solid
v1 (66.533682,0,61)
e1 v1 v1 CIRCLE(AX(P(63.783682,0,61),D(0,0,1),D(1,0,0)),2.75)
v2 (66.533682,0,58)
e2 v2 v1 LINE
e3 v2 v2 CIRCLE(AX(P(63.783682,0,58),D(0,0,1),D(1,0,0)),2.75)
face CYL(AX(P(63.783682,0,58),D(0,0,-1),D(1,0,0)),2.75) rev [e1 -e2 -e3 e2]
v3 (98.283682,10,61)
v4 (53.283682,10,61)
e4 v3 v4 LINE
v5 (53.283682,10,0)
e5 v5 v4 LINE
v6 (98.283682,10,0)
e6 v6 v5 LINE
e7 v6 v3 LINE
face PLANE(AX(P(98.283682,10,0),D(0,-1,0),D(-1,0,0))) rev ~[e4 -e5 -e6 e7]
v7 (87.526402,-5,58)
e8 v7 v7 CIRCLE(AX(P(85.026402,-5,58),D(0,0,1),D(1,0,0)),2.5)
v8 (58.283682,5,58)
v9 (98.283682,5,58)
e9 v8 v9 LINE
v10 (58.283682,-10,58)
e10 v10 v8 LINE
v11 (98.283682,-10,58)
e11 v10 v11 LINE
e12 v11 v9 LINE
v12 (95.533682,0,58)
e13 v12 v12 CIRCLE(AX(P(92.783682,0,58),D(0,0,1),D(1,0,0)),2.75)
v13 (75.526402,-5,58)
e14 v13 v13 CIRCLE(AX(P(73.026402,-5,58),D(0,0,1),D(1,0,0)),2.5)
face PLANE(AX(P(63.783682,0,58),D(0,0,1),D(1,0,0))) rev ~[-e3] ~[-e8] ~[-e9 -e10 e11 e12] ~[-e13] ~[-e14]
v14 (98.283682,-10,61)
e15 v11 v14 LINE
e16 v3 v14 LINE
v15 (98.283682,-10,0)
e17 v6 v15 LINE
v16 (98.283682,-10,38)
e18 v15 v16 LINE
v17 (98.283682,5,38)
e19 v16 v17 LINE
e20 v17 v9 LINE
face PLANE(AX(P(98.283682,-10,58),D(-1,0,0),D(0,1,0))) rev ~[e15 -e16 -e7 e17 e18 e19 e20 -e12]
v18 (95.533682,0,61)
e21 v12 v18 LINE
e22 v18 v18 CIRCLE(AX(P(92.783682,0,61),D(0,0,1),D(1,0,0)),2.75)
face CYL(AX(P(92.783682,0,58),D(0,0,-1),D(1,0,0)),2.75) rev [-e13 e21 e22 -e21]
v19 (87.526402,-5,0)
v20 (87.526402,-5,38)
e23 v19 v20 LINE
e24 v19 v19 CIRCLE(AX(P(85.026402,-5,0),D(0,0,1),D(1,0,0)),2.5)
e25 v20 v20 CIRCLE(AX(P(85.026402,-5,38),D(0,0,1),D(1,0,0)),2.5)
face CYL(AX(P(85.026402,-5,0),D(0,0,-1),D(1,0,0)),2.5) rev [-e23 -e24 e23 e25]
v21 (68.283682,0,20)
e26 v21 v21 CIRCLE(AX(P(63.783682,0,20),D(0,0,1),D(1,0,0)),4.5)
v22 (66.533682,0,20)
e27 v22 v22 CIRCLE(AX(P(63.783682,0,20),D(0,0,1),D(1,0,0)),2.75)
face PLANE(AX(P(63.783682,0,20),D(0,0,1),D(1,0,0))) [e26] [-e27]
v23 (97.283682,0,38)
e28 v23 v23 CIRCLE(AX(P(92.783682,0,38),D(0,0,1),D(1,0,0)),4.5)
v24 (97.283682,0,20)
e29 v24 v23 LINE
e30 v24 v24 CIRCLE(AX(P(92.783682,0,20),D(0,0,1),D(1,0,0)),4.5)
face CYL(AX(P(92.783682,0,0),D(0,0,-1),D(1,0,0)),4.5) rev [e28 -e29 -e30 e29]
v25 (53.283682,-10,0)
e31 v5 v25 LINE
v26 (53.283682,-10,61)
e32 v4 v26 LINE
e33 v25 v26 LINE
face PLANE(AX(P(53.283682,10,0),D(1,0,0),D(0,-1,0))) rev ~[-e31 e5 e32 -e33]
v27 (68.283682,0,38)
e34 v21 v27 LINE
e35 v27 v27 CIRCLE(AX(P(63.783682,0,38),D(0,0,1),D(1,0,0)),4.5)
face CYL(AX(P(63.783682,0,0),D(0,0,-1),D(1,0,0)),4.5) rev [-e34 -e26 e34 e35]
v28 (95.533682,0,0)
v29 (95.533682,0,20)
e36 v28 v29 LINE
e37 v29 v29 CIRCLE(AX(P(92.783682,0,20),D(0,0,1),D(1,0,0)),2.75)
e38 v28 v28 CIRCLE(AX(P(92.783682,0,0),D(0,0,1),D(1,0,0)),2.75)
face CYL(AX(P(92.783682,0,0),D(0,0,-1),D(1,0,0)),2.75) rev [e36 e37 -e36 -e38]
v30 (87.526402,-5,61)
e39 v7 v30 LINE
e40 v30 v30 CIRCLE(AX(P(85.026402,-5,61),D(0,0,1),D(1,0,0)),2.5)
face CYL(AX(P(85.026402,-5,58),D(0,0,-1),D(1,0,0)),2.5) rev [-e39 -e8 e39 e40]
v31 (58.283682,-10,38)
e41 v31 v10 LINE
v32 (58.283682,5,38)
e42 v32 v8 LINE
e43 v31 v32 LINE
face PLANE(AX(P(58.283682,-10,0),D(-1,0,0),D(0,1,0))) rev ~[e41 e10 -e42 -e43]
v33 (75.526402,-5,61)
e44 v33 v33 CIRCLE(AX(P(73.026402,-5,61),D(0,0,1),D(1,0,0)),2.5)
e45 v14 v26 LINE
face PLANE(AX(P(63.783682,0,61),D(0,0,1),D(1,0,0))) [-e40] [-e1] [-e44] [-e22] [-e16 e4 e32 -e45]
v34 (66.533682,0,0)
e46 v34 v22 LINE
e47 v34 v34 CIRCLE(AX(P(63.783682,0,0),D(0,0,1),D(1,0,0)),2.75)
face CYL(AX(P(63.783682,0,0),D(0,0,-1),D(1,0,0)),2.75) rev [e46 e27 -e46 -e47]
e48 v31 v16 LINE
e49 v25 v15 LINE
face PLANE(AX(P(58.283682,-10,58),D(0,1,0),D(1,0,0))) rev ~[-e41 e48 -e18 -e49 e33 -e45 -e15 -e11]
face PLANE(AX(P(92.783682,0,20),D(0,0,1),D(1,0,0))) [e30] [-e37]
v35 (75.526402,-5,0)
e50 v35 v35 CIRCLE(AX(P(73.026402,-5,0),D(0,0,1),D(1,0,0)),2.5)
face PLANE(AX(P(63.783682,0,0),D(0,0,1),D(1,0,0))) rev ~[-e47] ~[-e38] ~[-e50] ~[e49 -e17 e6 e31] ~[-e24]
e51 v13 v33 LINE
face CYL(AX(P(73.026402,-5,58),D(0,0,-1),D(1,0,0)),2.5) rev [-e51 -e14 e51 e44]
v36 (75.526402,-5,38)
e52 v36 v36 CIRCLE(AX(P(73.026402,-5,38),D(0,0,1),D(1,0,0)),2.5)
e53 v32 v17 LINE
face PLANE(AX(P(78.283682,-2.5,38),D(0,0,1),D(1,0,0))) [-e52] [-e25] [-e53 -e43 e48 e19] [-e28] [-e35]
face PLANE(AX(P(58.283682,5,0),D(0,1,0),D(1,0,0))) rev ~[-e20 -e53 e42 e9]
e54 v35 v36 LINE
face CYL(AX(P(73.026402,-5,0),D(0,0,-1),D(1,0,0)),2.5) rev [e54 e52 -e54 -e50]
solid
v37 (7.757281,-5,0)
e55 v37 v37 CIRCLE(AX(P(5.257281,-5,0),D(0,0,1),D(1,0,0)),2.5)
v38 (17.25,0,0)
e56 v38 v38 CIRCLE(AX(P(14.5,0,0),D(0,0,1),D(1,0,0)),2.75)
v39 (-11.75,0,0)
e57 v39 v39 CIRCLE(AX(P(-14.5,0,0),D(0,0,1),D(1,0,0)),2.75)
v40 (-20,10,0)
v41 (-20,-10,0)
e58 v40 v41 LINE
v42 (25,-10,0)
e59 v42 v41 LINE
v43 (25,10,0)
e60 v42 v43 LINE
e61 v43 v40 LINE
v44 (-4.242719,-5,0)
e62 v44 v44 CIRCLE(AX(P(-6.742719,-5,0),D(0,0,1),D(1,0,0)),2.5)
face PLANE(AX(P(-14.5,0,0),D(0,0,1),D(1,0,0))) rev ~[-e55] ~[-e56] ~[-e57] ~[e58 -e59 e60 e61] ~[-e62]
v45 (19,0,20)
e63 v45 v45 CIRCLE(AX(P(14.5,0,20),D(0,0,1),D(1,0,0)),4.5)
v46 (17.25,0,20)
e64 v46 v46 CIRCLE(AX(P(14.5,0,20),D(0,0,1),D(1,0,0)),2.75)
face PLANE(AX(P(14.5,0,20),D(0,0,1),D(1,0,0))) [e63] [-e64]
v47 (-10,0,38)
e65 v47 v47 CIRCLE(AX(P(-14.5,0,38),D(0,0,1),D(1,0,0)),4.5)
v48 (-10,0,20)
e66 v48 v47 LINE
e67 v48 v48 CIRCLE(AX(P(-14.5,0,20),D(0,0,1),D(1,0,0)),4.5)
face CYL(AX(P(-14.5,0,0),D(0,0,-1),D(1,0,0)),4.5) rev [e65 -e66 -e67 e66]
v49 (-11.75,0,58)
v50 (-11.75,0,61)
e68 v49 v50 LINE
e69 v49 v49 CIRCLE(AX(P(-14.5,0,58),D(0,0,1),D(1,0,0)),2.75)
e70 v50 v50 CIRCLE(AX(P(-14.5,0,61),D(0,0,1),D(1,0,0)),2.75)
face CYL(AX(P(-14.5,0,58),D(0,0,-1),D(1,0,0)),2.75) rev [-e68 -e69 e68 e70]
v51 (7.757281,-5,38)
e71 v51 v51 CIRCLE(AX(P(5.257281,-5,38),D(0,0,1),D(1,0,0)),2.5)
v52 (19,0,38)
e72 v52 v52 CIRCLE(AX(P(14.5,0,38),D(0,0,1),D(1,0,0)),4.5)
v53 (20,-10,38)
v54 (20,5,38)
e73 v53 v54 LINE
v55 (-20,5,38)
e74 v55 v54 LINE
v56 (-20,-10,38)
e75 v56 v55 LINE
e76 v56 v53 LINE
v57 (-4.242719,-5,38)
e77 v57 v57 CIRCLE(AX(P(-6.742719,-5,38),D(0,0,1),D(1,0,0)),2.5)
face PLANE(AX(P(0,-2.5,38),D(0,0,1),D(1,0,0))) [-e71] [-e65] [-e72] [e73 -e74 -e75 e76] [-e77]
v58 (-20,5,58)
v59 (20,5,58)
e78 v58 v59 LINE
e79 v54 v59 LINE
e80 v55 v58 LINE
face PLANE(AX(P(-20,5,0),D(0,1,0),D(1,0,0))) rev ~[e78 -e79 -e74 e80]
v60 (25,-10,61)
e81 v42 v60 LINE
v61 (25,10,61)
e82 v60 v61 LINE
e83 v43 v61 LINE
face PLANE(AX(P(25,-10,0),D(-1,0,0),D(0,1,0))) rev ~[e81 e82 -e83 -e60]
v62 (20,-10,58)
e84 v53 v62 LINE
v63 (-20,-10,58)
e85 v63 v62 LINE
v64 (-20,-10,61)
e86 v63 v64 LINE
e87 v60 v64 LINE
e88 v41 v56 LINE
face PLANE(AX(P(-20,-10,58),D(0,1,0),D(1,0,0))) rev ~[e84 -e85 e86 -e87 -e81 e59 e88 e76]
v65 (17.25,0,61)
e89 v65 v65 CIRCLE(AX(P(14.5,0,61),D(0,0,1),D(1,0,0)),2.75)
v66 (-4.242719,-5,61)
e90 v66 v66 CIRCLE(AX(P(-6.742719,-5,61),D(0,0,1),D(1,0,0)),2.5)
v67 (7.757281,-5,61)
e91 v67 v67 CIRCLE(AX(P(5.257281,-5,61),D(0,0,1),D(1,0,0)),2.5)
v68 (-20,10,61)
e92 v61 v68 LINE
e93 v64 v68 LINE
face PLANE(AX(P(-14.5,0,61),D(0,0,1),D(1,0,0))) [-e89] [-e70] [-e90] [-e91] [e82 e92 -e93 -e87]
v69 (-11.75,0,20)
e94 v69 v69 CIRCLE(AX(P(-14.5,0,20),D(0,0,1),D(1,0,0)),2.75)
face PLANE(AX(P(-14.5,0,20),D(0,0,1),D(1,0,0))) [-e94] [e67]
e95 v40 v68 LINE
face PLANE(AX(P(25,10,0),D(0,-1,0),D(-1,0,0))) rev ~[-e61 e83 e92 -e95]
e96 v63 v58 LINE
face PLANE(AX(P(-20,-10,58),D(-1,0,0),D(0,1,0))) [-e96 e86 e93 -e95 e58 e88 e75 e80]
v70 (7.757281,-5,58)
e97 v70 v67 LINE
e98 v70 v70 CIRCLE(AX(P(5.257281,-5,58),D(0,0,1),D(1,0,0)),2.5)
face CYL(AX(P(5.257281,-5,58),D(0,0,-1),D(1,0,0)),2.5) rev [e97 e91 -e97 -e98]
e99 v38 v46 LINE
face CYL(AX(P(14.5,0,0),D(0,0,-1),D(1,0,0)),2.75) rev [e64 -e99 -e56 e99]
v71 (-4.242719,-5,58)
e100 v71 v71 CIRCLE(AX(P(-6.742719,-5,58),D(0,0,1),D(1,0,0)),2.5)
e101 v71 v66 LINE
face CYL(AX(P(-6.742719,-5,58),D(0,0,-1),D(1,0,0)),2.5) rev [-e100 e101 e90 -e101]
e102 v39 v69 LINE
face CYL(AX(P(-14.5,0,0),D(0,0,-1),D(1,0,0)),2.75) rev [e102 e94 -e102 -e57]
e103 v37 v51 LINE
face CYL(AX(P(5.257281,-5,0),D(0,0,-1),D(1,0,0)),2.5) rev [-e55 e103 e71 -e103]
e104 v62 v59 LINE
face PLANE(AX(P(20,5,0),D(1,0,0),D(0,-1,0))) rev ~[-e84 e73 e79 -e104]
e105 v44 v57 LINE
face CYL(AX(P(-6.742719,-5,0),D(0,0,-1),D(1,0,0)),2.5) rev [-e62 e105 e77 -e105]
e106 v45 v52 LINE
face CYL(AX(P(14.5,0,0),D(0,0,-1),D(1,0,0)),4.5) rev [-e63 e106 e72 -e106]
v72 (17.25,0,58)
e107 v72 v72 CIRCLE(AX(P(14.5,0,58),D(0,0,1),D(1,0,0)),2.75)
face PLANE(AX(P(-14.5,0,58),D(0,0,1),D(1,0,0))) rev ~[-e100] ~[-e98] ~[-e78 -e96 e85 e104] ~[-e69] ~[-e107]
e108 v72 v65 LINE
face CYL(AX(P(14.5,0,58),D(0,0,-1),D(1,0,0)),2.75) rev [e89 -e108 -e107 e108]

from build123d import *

# Parameters (mm, degrees)
F0_W     = 40
F0_H     = 15
F0_R     = 2.5
F0_R_2   = 4.5
F1_DEPTH = 38
F0_H_2   = 5
F2_DEPTH = 61
F3_START = 58
F3_DEPTH = 3
F0_R_3   = 2.75
F4_DEPTH = 20
F5_START = 58
F5_DEPTH = 3


with BuildPart() as f1:
    # F0 (on Top) → F1 (new body)
    with BuildSketch(Plane.XY):
        with Locations((0, -2.5)):
            Rectangle(F0_W, F0_H)
        with Locations((-6.7427190952, -5)):
            Circle(F0_R, mode=Mode.SUBTRACT)
        with Locations((5.2572809048, -5)):
            Circle(F0_R, mode=Mode.SUBTRACT)
        with Locations((-14.5, 0)):
            Circle(F0_R_2, mode=Mode.SUBTRACT)
        with Locations((14.5, 0)):
            Circle(F0_R_2, mode=Mode.SUBTRACT)
    extrude(amount=F1_DEPTH)

    # F0 (on Top) → F2 (join)
    with BuildSketch(Plane.XY):
        Polygon((25, 10), (20, 10), (20, 5), (20, -10), (25, -10), align=None)
        with Locations((0, 7.5)):
            Rectangle(F0_W, F0_H_2)
    extrude(amount=F2_DEPTH)

    # F0 (on Top) → F3 (join)
    with BuildSketch(Plane.XY.offset(F3_START)):
        with Locations((0, -2.5)):
            Rectangle(F0_W, F0_H)
        with Locations((-6.7427190952, -5)):
            Circle(F0_R, mode=Mode.SUBTRACT)
        with Locations((5.2572809048, -5)):
            Circle(F0_R, mode=Mode.SUBTRACT)
        with Locations((-14.5, 0)):
            Circle(F0_R_2, mode=Mode.SUBTRACT)
        with Locations((14.5, 0)):
            Circle(F0_R_2, mode=Mode.SUBTRACT)
    extrude(amount=F3_DEPTH)

    # F0 (on Top) → F4 (join)
    with BuildSketch(Plane.XY):
        with Locations((-14.5, 0)):
            Circle(F0_R_2)
        with Locations((-14.5, 0)):
            Circle(F0_R_3, mode=Mode.SUBTRACT)
        with Locations((14.5, 0)):
            Circle(F0_R_2)
        with Locations((14.5, 0)):
            Circle(F0_R_3, mode=Mode.SUBTRACT)
    extrude(amount=F4_DEPTH)

    # F0 (on Top) → F5 (join)
    with BuildSketch(Plane.XY.offset(F5_START)):
        with Locations((-14.5, 0)):
            Circle(F0_R_2)
        with Locations((-14.5, 0)):
            Circle(F0_R_3, mode=Mode.SUBTRACT)
        with Locations((14.5, 0)):
            Circle(F0_R_2)
        with Locations((14.5, 0)):
            Circle(F0_R_3, mode=Mode.SUBTRACT)
    extrude(amount=F5_DEPTH)


with BuildPart() as f1b:
    # F0 (on Top) → F1, piece 2 (new body)
    with BuildSketch(Plane.XY):
        with Locations((78.2836824656, -2.5)):
            Rectangle(F0_W, F0_H)
        with Locations((73.0264015608, -5)):
            Circle(F0_R, mode=Mode.SUBTRACT)
        with Locations((85.0264015608, -5)):
            Circle(F0_R, mode=Mode.SUBTRACT)
        with Locations((63.7836824656, 0)):
            Circle(F0_R_2, mode=Mode.SUBTRACT)
        with Locations((92.7836824656, 0)):
            Circle(F0_R_2, mode=Mode.SUBTRACT)
    extrude(amount=F1_DEPTH)

    # F0 (on Top) → F2, piece 2 (join)
    with BuildSketch(Plane.XY):
        Polygon((58.2836824656, 5), (58.2836824656, 10), (53.2836824656, 10), (53.2836824656, -10), (58.2836824656, -10), align=None)
        with Locations((78.2836824656, 7.5)):
            Rectangle(F0_W, F0_H_2)
    extrude(amount=F2_DEPTH)

    # F0 (on Top) → F3, piece 2 (join)
    with BuildSketch(Plane.XY.offset(F3_START)):
        with Locations((78.2836824656, -2.5)):
            Rectangle(F0_W, F0_H)
        with Locations((73.0264015608, -5)):
            Circle(F0_R, mode=Mode.SUBTRACT)
        with Locations((85.0264015608, -5)):
            Circle(F0_R, mode=Mode.SUBTRACT)
        with Locations((63.7836824656, 0)):
            Circle(F0_R_2, mode=Mode.SUBTRACT)
        with Locations((92.7836824656, 0)):
            Circle(F0_R_2, mode=Mode.SUBTRACT)
    extrude(amount=F3_DEPTH)

    # F0 (on Top) → F4, piece 2 (join)
    with BuildSketch(Plane.XY):
        with Locations((63.7836824656, 0)):
            Circle(F0_R_2)
        with Locations((63.7836824656, 0)):
            Circle(F0_R_3, mode=Mode.SUBTRACT)
        with Locations((92.7836824656, 0)):
            Circle(F0_R_2)
        with Locations((92.7836824656, 0)):
            Circle(F0_R_3, mode=Mode.SUBTRACT)
    extrude(amount=F4_DEPTH)

    # F0 (on Top) → F5, piece 2 (join)
    with BuildSketch(Plane.XY.offset(F5_START)):
        with Locations((63.7836824656, 0)):
            Circle(F0_R_2)
        with Locations((63.7836824656, 0)):
            Circle(F0_R_3, mode=Mode.SUBTRACT)
        with Locations((92.7836824656, 0)):
            Circle(F0_R_2)
        with Locations((92.7836824656, 0)):
            Circle(F0_R_3, mode=Mode.SUBTRACT)
    extrude(amount=F5_DEPTH)


solid = Compound([f1.part, f1b.part])
